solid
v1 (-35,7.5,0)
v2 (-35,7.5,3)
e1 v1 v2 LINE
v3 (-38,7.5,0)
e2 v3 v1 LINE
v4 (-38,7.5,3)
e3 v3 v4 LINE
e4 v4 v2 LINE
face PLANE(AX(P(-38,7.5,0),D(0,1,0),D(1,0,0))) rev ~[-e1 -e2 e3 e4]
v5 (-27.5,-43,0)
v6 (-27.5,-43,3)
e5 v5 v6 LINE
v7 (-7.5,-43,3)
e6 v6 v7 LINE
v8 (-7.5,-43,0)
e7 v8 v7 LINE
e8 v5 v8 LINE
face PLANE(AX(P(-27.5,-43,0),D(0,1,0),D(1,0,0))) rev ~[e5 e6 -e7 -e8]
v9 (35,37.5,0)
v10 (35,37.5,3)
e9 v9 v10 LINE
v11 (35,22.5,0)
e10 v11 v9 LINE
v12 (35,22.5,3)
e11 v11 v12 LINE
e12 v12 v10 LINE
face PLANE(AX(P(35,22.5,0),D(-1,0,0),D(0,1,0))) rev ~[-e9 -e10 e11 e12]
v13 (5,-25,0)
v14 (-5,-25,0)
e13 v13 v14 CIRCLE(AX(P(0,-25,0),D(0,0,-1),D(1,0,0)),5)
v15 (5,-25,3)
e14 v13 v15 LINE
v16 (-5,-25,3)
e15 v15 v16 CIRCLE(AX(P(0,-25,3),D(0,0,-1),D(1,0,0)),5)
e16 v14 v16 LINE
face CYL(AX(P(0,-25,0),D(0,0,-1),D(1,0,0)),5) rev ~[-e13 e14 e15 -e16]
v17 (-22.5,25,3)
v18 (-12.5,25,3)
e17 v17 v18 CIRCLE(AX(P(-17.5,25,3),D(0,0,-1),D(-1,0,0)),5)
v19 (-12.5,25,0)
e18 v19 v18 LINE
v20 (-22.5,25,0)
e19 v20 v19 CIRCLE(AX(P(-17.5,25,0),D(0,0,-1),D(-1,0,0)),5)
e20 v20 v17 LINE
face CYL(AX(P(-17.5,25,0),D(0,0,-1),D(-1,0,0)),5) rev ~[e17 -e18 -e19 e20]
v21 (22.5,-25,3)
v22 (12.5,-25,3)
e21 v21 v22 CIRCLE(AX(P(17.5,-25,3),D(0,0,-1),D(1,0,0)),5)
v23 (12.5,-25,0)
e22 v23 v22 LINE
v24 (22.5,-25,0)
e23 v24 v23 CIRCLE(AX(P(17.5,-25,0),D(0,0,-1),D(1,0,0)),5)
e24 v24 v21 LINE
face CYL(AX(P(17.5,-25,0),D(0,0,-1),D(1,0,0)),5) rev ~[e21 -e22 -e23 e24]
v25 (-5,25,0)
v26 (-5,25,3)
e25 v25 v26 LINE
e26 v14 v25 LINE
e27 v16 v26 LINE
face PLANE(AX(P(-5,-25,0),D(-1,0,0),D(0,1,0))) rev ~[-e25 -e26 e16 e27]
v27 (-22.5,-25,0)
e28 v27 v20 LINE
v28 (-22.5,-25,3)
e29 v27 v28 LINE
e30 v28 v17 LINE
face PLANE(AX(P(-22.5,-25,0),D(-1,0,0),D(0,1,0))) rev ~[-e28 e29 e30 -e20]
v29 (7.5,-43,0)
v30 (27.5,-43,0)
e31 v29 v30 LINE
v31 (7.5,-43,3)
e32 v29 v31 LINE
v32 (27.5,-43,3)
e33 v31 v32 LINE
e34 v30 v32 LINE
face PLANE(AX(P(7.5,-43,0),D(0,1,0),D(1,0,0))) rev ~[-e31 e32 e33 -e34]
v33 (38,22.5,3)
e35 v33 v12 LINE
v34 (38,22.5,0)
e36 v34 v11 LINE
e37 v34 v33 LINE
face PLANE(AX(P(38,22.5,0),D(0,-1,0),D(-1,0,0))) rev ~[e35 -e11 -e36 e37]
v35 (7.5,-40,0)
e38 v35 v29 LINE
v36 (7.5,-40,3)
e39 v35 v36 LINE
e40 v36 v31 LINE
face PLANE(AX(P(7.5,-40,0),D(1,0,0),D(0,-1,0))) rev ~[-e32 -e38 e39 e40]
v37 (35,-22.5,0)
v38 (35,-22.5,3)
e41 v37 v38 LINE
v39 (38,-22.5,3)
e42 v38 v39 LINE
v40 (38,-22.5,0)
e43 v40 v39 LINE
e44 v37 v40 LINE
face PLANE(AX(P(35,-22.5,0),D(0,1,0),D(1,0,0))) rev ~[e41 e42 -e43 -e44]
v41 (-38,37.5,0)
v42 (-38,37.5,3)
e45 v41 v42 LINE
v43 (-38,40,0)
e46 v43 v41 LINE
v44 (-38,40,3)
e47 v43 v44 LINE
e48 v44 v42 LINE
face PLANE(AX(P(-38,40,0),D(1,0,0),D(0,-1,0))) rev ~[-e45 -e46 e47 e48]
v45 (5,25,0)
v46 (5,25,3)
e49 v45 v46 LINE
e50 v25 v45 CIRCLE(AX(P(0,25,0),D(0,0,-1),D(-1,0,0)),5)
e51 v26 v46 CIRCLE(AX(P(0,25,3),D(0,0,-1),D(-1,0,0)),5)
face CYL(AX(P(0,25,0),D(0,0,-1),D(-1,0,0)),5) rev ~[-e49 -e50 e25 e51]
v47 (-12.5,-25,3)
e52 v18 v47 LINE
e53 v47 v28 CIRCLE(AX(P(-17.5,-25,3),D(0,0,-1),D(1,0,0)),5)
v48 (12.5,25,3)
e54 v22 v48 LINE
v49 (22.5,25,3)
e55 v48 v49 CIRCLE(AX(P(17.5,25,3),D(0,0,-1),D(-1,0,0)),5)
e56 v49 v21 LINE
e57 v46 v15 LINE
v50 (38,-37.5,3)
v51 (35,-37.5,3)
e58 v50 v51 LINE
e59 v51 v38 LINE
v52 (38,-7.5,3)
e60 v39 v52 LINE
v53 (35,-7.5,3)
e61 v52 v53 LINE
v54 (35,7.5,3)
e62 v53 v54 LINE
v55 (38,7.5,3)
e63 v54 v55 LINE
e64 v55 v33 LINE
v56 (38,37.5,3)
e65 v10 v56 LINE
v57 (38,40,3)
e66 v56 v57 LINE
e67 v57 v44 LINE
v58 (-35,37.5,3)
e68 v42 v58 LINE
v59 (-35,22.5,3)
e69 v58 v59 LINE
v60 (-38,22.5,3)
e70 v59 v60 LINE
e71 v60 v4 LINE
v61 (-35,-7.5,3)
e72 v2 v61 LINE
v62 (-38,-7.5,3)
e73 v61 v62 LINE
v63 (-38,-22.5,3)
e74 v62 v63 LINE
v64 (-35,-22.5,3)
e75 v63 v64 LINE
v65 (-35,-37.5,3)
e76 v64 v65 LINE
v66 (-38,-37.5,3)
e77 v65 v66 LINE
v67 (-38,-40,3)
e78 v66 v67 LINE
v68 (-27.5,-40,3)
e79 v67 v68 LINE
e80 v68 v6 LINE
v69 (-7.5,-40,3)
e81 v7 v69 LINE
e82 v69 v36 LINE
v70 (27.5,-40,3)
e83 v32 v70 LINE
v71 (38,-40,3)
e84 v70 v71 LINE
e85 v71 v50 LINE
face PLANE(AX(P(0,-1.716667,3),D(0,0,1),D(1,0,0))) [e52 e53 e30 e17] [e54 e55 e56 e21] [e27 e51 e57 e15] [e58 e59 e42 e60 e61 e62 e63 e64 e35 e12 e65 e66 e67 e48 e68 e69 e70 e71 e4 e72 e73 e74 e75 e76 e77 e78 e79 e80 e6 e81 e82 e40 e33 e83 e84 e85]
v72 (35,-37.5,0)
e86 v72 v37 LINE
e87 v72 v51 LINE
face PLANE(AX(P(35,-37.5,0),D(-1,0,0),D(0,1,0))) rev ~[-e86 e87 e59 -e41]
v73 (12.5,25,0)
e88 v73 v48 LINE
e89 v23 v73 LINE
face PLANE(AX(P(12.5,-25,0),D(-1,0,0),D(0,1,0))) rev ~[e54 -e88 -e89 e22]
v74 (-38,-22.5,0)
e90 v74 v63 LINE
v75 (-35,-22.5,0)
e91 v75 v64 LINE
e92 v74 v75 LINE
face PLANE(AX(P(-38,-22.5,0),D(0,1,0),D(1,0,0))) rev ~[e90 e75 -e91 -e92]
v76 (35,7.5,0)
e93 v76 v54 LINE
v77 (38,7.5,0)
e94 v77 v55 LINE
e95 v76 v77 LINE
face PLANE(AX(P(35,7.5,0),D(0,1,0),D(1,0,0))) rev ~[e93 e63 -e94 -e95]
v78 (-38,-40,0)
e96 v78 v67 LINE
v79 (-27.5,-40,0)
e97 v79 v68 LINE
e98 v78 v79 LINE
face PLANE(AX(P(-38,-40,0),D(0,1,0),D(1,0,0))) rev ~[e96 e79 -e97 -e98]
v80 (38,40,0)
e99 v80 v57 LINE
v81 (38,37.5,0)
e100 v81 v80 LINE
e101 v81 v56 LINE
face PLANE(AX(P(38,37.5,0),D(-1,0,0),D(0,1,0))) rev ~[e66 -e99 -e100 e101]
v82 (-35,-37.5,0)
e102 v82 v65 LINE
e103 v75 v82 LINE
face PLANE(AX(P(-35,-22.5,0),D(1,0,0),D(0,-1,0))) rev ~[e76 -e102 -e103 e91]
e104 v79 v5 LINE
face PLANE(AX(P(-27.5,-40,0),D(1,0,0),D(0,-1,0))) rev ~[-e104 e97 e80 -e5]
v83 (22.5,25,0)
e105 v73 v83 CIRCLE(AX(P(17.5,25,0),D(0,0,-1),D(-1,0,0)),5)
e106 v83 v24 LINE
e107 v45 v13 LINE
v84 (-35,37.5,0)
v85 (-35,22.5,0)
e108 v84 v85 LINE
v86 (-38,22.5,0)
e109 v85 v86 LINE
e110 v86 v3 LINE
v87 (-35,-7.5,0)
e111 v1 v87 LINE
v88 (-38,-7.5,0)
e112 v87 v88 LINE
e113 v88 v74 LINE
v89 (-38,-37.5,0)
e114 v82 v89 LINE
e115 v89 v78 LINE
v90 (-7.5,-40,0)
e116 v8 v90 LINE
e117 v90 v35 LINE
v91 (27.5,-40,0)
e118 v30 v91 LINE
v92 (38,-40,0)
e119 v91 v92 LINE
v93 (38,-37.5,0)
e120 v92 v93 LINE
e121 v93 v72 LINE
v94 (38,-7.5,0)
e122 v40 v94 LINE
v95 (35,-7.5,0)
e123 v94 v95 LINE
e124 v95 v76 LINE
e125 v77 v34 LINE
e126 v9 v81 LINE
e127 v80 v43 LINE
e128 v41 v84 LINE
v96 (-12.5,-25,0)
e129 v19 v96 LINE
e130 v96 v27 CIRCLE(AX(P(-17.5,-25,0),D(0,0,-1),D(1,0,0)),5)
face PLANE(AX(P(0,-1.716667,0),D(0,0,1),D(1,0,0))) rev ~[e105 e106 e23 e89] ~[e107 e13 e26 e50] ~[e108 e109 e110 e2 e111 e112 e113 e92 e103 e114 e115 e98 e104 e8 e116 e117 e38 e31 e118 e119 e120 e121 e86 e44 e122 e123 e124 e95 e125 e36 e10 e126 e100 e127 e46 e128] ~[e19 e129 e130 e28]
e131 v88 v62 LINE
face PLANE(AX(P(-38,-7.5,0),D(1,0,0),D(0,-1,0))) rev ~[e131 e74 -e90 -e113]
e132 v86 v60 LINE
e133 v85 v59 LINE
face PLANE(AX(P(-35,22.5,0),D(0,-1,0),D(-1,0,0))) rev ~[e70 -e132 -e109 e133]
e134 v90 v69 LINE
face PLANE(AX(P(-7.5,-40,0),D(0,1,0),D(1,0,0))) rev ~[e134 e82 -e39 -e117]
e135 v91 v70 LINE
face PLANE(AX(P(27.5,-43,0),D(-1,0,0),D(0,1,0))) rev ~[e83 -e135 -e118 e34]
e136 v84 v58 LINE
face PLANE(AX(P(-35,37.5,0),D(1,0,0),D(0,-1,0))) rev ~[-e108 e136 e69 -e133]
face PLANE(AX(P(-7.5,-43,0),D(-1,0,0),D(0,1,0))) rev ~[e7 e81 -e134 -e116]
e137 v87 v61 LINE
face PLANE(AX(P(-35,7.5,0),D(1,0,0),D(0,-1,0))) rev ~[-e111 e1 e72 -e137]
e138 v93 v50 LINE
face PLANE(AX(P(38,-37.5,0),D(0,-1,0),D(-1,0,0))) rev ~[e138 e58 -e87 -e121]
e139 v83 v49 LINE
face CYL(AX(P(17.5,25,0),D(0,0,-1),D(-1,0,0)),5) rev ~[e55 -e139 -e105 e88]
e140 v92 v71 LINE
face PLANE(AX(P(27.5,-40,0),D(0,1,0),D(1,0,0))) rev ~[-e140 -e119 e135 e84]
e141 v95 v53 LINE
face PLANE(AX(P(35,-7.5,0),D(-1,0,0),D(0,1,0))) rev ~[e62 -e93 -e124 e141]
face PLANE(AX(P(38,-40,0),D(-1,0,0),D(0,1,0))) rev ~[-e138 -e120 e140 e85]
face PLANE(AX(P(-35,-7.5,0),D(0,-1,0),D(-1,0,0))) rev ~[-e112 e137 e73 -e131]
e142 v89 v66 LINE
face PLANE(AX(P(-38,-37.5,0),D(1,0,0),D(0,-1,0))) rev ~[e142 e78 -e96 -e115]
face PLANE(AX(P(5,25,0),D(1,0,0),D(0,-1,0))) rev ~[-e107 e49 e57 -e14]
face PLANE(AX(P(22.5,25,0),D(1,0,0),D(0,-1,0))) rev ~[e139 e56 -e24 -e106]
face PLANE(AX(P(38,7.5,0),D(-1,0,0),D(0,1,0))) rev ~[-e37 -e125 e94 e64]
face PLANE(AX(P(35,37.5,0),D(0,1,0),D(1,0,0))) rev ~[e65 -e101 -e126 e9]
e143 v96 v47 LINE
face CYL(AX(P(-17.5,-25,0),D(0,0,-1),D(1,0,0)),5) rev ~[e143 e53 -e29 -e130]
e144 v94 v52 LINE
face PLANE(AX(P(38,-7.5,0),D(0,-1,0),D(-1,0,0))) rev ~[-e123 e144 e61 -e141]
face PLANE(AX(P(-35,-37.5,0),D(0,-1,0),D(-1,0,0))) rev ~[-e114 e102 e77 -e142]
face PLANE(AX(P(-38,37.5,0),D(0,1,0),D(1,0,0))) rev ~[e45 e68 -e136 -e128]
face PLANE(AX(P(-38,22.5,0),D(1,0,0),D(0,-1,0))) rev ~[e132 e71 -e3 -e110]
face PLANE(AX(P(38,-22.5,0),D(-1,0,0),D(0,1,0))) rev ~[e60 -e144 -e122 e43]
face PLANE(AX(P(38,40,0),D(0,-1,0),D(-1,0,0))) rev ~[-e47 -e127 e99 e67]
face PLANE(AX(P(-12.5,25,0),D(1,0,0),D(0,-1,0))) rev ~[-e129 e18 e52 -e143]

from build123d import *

# Parameters (mm, degrees)
BOSS_EXTRUDE1_DEPTH = 3


with BuildPart() as part:
    # Sketch1 → Boss-Extrude1 (new body)
    with BuildSketch(Plane.XY):
        Polygon((-38, 40), (-38, 37.5), (-35, 37.5), (-35, 22.5), (-38, 22.5), (-38, 7.5), (-35, 7.5), (-35, -7.5), (-38, -7.5), (-38, -22.5), (-35, -22.5), (-35, -37.5), (-38, -37.5), (-38, -40), (-27.5, -40), (-27.5, -43), (-7.5, -43), (-7.5, -40), (7.5, -40), (7.5, -43), (27.5, -43), (27.5, -40), (38, -40), (38, -37.5), (35, -37.5), (35, -22.5), (38, -22.5), (38, -7.5), (35, -7.5), (35, 7.5), (38, 7.5), (38, 22.5), (35, 22.5), (35, 37.5), (38, 37.5), (38, 40), align=None)
        with BuildLine():
            Line((-12.5, 25), (-12.5, -25))
            ThreePointArc((-12.5, -25), (-17.5, -30), (-22.5, -25))
            Line((-22.5, -25), (-22.5, 25))
            ThreePointArc((-22.5, 25), (-17.5, 30), (-12.5, 25))
        make_face(mode=Mode.SUBTRACT)
        with BuildLine():
            ThreePointArc((5, -25), (0, -30), (-5, -25))
            Line((-5, -25), (-5, 25))
            ThreePointArc((-5, 25), (0, 30), (5, 25))
            Line((5, 25), (5, -25))
        make_face(mode=Mode.SUBTRACT)
        with BuildLine():
            ThreePointArc((22.5, -25), (17.5, -30), (12.5, -25))
            Line((12.5, -25), (12.5, 25))
            ThreePointArc((12.5, 25), (17.5, 30), (22.5, 25))
            Line((22.5, 25), (22.5, -25))
        make_face(mode=Mode.SUBTRACT)
    extrude(amount=BOSS_EXTRUDE1_DEPTH)


solid = part.part
